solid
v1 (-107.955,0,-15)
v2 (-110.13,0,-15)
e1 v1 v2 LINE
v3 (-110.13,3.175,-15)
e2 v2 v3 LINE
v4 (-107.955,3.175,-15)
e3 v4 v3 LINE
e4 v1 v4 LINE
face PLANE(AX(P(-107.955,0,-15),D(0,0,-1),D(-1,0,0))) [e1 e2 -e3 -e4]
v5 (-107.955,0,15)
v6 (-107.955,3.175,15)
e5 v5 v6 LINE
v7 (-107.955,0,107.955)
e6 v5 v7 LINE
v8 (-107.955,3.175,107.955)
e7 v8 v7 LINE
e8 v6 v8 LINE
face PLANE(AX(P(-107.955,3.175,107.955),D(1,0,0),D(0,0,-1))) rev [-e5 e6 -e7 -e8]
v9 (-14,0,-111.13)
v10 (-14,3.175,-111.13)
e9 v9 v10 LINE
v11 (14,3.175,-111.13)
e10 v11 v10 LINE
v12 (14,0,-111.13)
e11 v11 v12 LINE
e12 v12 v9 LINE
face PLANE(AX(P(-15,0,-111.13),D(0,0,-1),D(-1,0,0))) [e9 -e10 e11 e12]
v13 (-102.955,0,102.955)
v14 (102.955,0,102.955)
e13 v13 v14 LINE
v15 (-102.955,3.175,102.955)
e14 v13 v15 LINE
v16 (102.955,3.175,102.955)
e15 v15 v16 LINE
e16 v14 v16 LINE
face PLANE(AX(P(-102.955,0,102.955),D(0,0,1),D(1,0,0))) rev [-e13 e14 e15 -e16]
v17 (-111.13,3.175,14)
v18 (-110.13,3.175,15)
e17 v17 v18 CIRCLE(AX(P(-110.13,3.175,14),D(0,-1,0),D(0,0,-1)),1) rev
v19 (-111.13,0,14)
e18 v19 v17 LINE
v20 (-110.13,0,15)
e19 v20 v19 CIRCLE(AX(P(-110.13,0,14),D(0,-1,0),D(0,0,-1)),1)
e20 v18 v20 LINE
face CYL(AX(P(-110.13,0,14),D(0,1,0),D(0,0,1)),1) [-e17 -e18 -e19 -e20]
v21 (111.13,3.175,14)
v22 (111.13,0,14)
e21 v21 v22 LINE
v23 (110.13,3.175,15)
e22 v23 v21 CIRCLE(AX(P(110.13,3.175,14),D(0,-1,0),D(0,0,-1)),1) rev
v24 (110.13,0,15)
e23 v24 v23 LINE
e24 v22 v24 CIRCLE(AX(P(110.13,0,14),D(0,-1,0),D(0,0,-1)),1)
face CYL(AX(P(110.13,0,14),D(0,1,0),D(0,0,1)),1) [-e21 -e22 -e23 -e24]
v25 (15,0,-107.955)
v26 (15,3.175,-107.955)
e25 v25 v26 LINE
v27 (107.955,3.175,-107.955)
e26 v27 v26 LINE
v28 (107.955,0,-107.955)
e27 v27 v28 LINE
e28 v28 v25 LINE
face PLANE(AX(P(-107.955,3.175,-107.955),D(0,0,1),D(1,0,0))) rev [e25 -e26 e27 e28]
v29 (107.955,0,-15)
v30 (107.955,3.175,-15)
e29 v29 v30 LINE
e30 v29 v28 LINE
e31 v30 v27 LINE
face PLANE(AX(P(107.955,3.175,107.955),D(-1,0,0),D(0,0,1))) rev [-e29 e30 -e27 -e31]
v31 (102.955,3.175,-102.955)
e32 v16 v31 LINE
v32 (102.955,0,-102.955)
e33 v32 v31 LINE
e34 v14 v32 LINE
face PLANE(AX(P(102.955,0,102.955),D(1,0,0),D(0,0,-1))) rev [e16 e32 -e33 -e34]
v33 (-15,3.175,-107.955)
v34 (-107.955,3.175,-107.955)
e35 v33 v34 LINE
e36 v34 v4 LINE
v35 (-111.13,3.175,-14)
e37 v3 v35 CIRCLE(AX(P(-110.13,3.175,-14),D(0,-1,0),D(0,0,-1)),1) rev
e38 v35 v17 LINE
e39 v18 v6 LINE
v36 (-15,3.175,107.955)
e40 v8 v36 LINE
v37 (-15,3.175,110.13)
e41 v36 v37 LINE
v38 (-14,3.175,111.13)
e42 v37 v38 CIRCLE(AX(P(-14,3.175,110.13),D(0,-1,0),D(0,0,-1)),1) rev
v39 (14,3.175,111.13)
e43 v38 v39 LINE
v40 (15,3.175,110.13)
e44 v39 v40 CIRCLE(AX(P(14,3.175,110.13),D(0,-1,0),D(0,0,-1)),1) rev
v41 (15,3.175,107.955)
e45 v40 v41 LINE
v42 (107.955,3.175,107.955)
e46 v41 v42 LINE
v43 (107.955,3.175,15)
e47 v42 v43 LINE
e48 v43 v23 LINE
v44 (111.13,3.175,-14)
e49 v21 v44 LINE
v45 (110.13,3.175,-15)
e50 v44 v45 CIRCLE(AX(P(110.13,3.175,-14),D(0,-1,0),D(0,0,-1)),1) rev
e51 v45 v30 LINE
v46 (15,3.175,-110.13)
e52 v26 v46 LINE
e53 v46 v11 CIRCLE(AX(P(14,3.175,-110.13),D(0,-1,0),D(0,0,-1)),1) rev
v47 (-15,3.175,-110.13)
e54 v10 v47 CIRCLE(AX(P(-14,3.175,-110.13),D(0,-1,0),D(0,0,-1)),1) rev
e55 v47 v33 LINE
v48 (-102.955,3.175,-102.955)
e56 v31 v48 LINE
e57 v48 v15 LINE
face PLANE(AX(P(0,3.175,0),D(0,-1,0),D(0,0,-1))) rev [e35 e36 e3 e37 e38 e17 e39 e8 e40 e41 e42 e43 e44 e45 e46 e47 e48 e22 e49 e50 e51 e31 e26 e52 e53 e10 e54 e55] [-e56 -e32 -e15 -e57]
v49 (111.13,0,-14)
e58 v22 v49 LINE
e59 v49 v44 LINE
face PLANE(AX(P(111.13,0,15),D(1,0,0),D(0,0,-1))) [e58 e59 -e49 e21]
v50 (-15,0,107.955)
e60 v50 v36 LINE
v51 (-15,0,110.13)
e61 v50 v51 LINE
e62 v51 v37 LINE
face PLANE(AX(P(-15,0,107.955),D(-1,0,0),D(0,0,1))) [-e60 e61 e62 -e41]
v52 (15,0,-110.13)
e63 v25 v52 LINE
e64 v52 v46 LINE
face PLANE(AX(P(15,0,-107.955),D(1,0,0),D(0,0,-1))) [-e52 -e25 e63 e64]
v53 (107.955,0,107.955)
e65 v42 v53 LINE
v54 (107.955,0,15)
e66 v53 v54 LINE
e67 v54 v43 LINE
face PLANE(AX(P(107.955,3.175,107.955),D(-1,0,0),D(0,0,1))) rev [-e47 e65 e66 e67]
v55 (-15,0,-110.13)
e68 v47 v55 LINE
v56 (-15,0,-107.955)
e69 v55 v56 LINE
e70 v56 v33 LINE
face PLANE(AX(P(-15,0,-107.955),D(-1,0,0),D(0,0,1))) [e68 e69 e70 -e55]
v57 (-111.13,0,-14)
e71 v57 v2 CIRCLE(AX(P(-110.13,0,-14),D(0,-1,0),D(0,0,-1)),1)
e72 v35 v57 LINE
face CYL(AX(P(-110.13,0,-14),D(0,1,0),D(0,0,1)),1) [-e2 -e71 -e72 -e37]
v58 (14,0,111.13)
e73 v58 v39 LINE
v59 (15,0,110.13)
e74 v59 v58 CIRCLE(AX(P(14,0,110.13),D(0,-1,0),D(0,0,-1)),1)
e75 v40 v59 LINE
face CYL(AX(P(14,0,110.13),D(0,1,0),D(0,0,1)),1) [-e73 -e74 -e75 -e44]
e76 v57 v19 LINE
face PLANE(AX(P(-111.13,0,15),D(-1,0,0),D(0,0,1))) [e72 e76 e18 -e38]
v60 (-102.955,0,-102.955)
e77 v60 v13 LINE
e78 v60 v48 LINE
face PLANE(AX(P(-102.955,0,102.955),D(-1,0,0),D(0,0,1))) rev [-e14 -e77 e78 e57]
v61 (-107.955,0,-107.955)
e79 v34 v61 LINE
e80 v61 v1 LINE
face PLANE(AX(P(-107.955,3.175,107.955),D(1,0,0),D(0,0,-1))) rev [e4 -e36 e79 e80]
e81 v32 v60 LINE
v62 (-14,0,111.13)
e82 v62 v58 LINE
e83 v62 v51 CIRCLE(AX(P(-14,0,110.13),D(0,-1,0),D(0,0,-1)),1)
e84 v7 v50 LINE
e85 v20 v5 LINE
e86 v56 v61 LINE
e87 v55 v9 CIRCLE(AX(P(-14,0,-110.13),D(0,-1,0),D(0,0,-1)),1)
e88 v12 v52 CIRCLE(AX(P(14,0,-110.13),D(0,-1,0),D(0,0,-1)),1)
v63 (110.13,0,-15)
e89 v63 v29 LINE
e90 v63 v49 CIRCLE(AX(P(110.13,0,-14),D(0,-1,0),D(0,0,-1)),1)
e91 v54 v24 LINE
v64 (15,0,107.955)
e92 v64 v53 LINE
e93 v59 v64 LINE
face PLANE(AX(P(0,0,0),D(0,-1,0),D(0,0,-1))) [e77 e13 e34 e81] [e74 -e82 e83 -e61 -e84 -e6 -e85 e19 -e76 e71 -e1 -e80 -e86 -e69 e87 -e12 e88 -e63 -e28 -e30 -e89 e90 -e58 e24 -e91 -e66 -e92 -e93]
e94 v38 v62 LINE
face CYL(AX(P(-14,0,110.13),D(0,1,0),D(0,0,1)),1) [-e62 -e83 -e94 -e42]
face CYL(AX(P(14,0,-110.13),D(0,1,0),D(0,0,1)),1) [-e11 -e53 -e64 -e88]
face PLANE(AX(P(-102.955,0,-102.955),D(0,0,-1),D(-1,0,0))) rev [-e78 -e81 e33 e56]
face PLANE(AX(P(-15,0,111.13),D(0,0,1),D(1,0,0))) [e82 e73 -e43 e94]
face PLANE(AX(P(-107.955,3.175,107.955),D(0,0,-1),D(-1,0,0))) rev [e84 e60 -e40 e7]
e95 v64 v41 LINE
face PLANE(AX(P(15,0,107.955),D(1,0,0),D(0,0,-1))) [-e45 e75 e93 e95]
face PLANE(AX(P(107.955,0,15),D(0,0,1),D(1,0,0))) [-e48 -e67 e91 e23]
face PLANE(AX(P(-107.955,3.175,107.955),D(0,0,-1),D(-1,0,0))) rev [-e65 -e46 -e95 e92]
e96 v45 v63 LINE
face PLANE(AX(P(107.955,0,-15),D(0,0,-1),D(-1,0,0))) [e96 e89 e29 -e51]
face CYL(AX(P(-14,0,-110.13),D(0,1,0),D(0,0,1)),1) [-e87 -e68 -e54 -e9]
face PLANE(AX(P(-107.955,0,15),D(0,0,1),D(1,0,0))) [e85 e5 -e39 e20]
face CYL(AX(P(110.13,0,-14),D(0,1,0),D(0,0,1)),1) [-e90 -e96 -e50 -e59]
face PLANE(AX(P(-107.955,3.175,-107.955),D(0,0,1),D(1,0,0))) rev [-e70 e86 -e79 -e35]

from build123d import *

# Parameters (mm, degrees)
SKETCH1_W           = 215.91
SKETCH1_H           = 215.91
BOSS_EXTRUDE1_DEPTH = 3.175
SKETCH2_W           = 205.91
SKETCH2_H           = 205.91
CUT_EXTRUDE1_DEPTH  = 4.175
SKETCH4_W           = 3.175
SKETCH4_H           = 30
SKETCH4_W_2         = 30
SKETCH4_H_2         = 3.175
BOSS_EXTRUDE2_DEPTH = 3.175
FILLET1_R           = 1


with BuildPart() as part:
    # Sketch1 → Boss-Extrude1 (new body)
    with BuildSketch(Plane(origin=(0, 0, 0), x_dir=(1, 0, 0), z_dir=(0, 1, 0))):
        Rectangle(SKETCH1_W, SKETCH1_H)
    extrude(amount=BOSS_EXTRUDE1_DEPTH)

    # Sketch2 → Cut-Extrude1 (cut, through all)
    with BuildSketch(Plane(origin=(0, 3.175, 0), x_dir=(1, 0, 0), z_dir=(0, 1, 0))):
        Rectangle(SKETCH2_W, SKETCH2_H)
    extrude(amount=-CUT_EXTRUDE1_DEPTH, mode=Mode.SUBTRACT)

    # Sketch4 → Boss-Extrude2 (add)
    with BuildSketch(Plane(origin=(0, 3.175, 0), x_dir=(1, 0, 0), z_dir=(0, 1, 0))):
        with Locations((-109.5425, 0)):
            Rectangle(SKETCH4_W, SKETCH4_H)
        with Locations((0, 109.5425)):
            Rectangle(SKETCH4_W_2, SKETCH4_H_2)
        with Locations((0, -109.5425)):
            Rectangle(SKETCH4_W_2, SKETCH4_H_2)
        with Locations((109.5425, 0)):
            Rectangle(SKETCH4_W, SKETCH4_H)
    extrude(amount=-BOSS_EXTRUDE2_DEPTH)

    # Fillet1
    fillet1_edges = [part.edges().sort_by_distance(p)[0] for p in [
        (-111.13, 1.5875, 15),
        (-111.13, 1.5875, -15),
        (-15, 1.5875, 111.13),
        (15, 1.5875, 111.13),
        (-15, 1.5875, -111.13),
        (15, 1.5875, -111.13),
        (111.13, 1.5875, 15),
        (111.13, 1.5875, -15),
    ]]
    fillet(fillet1_edges, radius=FILLET1_R)


solid = part.part
